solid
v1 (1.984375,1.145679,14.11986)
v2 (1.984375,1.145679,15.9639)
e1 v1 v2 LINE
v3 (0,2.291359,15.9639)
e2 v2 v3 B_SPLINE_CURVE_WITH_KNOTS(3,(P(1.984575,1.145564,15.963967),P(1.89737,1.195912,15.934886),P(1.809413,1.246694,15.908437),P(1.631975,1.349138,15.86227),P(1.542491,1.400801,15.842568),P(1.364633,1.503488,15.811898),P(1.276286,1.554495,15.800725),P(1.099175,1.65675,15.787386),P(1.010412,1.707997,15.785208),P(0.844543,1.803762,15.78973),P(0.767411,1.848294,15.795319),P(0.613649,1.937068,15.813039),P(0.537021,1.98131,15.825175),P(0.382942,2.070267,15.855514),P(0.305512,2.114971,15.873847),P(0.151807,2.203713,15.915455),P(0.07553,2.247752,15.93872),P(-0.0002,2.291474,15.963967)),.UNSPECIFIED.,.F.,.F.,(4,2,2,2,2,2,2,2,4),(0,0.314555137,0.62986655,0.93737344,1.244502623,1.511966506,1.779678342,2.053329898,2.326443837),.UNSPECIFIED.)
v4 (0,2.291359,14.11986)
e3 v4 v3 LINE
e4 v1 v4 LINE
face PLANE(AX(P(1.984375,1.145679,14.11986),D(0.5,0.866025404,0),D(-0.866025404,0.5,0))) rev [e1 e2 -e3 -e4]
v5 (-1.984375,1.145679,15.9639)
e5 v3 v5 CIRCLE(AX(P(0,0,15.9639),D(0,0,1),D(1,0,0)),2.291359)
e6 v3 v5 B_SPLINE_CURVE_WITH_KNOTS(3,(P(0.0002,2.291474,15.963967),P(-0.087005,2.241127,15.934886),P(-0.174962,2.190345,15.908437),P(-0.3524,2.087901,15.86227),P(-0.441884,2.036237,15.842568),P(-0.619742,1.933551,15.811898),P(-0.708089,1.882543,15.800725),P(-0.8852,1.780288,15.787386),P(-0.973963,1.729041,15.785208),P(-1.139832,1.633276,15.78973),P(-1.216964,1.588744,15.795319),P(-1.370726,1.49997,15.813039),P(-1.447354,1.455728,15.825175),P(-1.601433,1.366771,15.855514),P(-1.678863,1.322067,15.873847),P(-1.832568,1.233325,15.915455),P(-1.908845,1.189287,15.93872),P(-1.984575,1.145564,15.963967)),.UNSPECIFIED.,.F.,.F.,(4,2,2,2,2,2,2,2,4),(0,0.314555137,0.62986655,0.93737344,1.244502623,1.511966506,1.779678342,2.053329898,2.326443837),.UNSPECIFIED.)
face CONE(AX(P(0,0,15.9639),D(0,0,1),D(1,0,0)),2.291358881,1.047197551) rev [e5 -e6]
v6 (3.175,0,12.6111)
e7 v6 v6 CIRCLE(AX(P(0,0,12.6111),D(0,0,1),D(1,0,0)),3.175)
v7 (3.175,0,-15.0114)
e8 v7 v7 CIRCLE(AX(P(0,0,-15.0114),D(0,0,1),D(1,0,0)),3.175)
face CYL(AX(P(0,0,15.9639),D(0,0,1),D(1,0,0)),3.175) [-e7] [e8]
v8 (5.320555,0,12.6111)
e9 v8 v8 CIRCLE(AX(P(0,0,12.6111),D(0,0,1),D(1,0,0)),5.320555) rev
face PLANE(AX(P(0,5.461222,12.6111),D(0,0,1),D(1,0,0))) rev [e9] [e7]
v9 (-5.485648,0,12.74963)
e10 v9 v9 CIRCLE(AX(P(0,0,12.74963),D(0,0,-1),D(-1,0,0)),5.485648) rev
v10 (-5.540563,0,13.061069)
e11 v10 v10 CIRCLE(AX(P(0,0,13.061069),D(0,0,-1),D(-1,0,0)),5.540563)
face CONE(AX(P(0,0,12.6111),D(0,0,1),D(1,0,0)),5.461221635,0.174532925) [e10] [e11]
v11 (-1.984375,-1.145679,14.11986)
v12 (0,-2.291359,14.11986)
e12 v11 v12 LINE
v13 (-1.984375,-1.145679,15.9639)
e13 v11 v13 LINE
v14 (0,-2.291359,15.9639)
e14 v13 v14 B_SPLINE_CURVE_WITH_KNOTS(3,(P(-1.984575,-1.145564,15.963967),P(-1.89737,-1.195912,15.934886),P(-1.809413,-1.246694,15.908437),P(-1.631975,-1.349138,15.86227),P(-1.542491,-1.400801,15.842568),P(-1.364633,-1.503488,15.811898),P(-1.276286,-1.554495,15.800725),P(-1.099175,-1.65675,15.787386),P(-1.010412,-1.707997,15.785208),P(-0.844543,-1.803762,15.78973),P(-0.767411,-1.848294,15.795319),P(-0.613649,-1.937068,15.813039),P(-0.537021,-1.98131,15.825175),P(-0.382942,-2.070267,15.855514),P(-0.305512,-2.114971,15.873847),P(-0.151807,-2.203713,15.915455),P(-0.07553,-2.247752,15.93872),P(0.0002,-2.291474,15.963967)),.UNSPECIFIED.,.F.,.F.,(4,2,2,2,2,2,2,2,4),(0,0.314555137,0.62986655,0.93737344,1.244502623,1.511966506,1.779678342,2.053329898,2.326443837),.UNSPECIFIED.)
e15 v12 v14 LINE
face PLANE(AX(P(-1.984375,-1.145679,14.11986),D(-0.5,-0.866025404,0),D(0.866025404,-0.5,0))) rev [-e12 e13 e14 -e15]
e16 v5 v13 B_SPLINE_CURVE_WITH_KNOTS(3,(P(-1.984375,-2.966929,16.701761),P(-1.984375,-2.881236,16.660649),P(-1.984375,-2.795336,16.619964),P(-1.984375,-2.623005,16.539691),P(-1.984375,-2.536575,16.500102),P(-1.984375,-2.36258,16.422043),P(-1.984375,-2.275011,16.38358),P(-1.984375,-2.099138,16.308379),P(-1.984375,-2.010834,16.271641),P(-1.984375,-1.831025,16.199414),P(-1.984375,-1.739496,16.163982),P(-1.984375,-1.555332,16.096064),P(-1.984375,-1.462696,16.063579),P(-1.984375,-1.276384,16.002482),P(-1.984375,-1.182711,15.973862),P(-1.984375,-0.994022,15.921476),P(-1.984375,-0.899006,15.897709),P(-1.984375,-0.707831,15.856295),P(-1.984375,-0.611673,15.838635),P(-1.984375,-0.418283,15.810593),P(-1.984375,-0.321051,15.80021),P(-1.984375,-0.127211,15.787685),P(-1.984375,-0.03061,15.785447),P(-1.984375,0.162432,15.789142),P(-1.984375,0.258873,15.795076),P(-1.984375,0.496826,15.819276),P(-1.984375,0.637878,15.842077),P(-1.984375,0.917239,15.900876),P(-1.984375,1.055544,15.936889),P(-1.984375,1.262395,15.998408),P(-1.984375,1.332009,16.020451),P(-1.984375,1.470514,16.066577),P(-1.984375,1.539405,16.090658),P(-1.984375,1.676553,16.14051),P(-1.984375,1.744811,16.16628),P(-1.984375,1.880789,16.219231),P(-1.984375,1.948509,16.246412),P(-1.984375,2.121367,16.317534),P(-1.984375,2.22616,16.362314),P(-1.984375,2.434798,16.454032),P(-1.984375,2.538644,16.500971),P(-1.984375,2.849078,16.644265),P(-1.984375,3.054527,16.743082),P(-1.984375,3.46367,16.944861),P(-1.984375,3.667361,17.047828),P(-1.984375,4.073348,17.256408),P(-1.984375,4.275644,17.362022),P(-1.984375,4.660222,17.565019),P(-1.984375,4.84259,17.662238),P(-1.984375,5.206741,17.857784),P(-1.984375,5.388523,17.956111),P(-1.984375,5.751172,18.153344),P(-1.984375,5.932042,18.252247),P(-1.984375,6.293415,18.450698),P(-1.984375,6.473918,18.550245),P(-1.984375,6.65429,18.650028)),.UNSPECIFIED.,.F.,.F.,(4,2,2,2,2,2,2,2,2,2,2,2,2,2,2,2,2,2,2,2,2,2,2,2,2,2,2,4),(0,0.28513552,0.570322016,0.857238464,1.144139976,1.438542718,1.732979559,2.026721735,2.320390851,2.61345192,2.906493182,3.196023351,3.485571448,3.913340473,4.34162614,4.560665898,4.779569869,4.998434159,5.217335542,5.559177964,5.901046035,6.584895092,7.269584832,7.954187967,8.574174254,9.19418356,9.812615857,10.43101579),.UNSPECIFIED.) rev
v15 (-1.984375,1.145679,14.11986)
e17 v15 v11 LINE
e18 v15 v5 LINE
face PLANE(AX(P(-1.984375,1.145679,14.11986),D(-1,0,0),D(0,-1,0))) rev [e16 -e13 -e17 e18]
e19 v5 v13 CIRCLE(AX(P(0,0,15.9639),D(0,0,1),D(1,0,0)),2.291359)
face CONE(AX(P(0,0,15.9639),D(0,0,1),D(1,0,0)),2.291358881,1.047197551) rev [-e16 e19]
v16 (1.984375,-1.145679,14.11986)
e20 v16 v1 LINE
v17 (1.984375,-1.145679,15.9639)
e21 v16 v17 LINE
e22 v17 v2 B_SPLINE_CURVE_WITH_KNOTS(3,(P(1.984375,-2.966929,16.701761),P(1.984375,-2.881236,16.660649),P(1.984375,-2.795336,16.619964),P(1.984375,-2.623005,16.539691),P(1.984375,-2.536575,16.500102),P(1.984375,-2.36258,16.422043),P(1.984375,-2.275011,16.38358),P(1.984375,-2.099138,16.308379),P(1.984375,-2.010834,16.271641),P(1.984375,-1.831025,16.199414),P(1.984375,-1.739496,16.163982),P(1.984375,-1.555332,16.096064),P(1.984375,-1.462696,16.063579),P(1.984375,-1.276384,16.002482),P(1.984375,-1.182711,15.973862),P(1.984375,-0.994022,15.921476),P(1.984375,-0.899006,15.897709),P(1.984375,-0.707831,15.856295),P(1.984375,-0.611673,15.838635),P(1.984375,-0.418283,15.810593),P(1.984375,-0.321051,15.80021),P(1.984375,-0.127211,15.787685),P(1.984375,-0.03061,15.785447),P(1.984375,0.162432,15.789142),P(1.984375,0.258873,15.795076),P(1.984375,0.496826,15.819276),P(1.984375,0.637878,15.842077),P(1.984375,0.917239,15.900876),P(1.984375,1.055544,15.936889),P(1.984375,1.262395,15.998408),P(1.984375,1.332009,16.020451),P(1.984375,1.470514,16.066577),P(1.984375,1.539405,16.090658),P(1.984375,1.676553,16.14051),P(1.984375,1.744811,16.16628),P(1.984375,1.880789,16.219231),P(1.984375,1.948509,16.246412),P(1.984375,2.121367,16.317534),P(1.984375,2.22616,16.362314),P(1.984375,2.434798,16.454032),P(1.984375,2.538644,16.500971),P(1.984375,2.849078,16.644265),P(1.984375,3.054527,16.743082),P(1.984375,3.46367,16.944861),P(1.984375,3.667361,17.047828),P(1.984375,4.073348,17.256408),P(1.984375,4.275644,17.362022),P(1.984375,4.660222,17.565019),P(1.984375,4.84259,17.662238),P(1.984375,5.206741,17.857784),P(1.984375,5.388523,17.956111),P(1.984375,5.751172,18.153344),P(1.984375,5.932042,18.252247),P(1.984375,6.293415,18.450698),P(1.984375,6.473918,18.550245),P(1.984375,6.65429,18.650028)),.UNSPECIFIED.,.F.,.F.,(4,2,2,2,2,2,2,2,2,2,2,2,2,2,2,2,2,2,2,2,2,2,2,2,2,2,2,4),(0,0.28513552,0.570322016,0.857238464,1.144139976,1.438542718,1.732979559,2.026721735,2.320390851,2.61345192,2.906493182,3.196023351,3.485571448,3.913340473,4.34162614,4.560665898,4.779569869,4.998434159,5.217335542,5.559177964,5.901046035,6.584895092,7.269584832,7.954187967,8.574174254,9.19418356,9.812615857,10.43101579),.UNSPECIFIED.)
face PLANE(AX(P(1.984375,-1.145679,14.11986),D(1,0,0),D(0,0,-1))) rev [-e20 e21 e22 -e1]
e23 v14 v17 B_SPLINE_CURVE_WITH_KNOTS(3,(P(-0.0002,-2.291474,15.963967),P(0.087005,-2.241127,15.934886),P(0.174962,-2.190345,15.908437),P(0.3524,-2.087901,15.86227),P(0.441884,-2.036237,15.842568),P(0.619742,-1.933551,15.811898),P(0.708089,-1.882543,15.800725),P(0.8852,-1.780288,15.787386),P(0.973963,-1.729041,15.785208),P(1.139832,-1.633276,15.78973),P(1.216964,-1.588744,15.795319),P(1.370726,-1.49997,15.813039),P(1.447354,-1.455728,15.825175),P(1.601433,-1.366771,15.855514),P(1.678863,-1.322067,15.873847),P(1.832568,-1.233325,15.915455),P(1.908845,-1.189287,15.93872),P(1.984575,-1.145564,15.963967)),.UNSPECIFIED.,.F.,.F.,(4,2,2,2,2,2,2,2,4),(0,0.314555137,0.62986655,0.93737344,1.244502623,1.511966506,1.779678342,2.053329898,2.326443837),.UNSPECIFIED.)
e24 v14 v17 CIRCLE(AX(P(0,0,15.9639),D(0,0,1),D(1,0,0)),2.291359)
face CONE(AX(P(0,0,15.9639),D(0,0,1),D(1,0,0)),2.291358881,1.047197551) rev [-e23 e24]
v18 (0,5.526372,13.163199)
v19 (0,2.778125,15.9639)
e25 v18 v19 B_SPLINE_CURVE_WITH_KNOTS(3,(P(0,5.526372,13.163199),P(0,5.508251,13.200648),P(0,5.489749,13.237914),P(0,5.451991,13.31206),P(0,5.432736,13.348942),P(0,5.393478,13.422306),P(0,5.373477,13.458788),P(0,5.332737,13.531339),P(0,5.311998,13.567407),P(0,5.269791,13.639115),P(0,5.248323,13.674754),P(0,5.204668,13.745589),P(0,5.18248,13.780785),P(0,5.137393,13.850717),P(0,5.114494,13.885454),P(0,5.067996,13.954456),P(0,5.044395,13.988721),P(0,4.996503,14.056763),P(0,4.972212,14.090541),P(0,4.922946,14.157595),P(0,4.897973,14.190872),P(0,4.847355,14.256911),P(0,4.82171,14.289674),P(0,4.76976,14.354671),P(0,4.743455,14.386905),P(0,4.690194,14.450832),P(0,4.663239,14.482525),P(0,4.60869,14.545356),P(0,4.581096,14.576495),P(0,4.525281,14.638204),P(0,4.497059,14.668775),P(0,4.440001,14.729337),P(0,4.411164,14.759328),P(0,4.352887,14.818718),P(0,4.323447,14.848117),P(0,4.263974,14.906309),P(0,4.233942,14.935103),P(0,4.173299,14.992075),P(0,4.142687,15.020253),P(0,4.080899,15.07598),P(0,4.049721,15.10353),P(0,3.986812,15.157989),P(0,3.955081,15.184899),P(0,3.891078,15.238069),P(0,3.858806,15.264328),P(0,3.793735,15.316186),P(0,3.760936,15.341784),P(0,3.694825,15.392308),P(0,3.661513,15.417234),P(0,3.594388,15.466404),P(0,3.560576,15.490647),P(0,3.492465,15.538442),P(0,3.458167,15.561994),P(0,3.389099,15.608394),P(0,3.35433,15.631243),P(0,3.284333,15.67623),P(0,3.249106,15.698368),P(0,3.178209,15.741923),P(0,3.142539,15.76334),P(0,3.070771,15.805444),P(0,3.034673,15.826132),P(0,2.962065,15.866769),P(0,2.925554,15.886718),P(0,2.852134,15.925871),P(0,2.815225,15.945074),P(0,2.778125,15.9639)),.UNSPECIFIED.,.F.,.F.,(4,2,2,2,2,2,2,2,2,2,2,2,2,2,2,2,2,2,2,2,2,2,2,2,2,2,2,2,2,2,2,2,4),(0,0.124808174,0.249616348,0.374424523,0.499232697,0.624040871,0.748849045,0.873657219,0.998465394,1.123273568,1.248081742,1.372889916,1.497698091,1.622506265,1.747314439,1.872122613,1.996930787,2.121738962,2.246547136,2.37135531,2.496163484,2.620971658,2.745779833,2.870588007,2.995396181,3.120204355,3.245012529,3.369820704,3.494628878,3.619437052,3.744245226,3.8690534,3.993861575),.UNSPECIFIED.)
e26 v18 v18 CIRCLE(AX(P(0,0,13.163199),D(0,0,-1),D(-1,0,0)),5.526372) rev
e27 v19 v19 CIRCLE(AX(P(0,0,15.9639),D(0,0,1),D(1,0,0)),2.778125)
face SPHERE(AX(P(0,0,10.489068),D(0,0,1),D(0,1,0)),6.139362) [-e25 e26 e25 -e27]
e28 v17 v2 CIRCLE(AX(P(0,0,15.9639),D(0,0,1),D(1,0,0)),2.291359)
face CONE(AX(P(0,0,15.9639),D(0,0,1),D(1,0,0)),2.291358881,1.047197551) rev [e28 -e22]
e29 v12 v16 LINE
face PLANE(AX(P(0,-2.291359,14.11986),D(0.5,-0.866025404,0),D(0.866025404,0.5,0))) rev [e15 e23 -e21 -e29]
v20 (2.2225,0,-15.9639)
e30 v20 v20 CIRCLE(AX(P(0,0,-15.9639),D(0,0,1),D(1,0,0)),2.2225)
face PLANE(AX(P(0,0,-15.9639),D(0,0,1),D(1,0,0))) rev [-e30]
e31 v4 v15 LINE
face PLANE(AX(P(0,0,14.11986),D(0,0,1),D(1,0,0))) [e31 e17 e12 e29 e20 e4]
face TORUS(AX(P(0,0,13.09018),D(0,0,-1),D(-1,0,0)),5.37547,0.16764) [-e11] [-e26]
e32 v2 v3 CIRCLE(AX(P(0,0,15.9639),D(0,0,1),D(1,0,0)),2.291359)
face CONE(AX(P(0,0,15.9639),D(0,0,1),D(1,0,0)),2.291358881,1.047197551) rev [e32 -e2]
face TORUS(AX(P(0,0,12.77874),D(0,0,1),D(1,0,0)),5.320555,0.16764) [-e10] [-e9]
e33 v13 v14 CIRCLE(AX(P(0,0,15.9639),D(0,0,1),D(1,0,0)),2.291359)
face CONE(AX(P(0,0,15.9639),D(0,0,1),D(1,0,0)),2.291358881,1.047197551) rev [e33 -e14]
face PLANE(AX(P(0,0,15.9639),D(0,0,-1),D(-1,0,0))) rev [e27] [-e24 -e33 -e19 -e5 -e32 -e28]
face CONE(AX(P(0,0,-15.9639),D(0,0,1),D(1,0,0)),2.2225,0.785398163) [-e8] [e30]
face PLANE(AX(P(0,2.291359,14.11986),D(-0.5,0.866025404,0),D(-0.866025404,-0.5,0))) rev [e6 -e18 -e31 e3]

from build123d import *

# Parameters (mm, degrees)
CUT_EXTRUDE1_DEPTH = 1.84404
FILLET1_R          = 0.16764


with BuildPart() as part:
    # Sketch3 → Revolve1 (revolve)
    with BuildSketch(Plane(origin=(0, 0, 0), x_dir=(0, 0, -1), z_dir=(1, 0, 0)), mode=Mode.PRIVATE) as revolve1_sk:
        with BuildLine():
            Line((-15.9639, 0), (-15.9639, 2.778125))
            ThreePointArc((-15.9639, 2.778125), (-14.769524687, 4.401074199), (-13.11402, 5.5499))
            Line((-13.11402, 5.5499), (-12.6111, 5.461221635))
            Line((-12.6111, 5.461221635), (-12.6111, 3.175))
            Line((-12.6111, 3.175), (15.0114, 3.175))
            Line((15.0114, 3.175), (15.9639, 2.2225))
            Line((15.9639, 2.2225), (15.9639, 0))
            Line((15.9639, 0), (-15.9639, 0))
        make_face()
    revolve(revolve1_sk.sketch.rotate(Axis((0, 0, 15.9639), (0, 0, -1)), 90), axis=Axis((0, 0, 15.9639), (0, 0, -1)))

    # Sketch4 → Cut-Extrude1 (cut)
    with BuildSketch(Plane.XY.offset(15.9639)):
        Polygon((-1.984375, -1.14567944), (0, -2.291358881), (1.984375, -1.14567944), (1.984375, 1.14567944), (0, 2.291358881), (-1.984375, 1.14567944), align=None)
    extrude(amount=-CUT_EXTRUDE1_DEPTH, mode=Mode.SUBTRACT)

    # Cut-Extrude2 cone 1 section (through the dimple's axis) → Cut-Extrude2 (revolve, cut)
    with BuildSketch(Plane(origin=(0, 0, 15.9639), x_dir=(0, -1, 0), z_dir=(1, 0, 0))):
        Polygon((0, 0), (2.291358881, 0), (0, 1.322916667), align=None)
    revolve(axis=Axis((0, 0, 15.9639), (0, 0, -1)), mode=Mode.SUBTRACT)

    # Fillet1
    fillet1_edges = [part.edges().sort_by_distance(p)[0] for p in [
        (-5.461221635, 0, 12.6111),
        (-5.5499, 0, 13.11402),
    ]]
    fillet(fillet1_edges, radius=FILLET1_R)


solid = part.part
